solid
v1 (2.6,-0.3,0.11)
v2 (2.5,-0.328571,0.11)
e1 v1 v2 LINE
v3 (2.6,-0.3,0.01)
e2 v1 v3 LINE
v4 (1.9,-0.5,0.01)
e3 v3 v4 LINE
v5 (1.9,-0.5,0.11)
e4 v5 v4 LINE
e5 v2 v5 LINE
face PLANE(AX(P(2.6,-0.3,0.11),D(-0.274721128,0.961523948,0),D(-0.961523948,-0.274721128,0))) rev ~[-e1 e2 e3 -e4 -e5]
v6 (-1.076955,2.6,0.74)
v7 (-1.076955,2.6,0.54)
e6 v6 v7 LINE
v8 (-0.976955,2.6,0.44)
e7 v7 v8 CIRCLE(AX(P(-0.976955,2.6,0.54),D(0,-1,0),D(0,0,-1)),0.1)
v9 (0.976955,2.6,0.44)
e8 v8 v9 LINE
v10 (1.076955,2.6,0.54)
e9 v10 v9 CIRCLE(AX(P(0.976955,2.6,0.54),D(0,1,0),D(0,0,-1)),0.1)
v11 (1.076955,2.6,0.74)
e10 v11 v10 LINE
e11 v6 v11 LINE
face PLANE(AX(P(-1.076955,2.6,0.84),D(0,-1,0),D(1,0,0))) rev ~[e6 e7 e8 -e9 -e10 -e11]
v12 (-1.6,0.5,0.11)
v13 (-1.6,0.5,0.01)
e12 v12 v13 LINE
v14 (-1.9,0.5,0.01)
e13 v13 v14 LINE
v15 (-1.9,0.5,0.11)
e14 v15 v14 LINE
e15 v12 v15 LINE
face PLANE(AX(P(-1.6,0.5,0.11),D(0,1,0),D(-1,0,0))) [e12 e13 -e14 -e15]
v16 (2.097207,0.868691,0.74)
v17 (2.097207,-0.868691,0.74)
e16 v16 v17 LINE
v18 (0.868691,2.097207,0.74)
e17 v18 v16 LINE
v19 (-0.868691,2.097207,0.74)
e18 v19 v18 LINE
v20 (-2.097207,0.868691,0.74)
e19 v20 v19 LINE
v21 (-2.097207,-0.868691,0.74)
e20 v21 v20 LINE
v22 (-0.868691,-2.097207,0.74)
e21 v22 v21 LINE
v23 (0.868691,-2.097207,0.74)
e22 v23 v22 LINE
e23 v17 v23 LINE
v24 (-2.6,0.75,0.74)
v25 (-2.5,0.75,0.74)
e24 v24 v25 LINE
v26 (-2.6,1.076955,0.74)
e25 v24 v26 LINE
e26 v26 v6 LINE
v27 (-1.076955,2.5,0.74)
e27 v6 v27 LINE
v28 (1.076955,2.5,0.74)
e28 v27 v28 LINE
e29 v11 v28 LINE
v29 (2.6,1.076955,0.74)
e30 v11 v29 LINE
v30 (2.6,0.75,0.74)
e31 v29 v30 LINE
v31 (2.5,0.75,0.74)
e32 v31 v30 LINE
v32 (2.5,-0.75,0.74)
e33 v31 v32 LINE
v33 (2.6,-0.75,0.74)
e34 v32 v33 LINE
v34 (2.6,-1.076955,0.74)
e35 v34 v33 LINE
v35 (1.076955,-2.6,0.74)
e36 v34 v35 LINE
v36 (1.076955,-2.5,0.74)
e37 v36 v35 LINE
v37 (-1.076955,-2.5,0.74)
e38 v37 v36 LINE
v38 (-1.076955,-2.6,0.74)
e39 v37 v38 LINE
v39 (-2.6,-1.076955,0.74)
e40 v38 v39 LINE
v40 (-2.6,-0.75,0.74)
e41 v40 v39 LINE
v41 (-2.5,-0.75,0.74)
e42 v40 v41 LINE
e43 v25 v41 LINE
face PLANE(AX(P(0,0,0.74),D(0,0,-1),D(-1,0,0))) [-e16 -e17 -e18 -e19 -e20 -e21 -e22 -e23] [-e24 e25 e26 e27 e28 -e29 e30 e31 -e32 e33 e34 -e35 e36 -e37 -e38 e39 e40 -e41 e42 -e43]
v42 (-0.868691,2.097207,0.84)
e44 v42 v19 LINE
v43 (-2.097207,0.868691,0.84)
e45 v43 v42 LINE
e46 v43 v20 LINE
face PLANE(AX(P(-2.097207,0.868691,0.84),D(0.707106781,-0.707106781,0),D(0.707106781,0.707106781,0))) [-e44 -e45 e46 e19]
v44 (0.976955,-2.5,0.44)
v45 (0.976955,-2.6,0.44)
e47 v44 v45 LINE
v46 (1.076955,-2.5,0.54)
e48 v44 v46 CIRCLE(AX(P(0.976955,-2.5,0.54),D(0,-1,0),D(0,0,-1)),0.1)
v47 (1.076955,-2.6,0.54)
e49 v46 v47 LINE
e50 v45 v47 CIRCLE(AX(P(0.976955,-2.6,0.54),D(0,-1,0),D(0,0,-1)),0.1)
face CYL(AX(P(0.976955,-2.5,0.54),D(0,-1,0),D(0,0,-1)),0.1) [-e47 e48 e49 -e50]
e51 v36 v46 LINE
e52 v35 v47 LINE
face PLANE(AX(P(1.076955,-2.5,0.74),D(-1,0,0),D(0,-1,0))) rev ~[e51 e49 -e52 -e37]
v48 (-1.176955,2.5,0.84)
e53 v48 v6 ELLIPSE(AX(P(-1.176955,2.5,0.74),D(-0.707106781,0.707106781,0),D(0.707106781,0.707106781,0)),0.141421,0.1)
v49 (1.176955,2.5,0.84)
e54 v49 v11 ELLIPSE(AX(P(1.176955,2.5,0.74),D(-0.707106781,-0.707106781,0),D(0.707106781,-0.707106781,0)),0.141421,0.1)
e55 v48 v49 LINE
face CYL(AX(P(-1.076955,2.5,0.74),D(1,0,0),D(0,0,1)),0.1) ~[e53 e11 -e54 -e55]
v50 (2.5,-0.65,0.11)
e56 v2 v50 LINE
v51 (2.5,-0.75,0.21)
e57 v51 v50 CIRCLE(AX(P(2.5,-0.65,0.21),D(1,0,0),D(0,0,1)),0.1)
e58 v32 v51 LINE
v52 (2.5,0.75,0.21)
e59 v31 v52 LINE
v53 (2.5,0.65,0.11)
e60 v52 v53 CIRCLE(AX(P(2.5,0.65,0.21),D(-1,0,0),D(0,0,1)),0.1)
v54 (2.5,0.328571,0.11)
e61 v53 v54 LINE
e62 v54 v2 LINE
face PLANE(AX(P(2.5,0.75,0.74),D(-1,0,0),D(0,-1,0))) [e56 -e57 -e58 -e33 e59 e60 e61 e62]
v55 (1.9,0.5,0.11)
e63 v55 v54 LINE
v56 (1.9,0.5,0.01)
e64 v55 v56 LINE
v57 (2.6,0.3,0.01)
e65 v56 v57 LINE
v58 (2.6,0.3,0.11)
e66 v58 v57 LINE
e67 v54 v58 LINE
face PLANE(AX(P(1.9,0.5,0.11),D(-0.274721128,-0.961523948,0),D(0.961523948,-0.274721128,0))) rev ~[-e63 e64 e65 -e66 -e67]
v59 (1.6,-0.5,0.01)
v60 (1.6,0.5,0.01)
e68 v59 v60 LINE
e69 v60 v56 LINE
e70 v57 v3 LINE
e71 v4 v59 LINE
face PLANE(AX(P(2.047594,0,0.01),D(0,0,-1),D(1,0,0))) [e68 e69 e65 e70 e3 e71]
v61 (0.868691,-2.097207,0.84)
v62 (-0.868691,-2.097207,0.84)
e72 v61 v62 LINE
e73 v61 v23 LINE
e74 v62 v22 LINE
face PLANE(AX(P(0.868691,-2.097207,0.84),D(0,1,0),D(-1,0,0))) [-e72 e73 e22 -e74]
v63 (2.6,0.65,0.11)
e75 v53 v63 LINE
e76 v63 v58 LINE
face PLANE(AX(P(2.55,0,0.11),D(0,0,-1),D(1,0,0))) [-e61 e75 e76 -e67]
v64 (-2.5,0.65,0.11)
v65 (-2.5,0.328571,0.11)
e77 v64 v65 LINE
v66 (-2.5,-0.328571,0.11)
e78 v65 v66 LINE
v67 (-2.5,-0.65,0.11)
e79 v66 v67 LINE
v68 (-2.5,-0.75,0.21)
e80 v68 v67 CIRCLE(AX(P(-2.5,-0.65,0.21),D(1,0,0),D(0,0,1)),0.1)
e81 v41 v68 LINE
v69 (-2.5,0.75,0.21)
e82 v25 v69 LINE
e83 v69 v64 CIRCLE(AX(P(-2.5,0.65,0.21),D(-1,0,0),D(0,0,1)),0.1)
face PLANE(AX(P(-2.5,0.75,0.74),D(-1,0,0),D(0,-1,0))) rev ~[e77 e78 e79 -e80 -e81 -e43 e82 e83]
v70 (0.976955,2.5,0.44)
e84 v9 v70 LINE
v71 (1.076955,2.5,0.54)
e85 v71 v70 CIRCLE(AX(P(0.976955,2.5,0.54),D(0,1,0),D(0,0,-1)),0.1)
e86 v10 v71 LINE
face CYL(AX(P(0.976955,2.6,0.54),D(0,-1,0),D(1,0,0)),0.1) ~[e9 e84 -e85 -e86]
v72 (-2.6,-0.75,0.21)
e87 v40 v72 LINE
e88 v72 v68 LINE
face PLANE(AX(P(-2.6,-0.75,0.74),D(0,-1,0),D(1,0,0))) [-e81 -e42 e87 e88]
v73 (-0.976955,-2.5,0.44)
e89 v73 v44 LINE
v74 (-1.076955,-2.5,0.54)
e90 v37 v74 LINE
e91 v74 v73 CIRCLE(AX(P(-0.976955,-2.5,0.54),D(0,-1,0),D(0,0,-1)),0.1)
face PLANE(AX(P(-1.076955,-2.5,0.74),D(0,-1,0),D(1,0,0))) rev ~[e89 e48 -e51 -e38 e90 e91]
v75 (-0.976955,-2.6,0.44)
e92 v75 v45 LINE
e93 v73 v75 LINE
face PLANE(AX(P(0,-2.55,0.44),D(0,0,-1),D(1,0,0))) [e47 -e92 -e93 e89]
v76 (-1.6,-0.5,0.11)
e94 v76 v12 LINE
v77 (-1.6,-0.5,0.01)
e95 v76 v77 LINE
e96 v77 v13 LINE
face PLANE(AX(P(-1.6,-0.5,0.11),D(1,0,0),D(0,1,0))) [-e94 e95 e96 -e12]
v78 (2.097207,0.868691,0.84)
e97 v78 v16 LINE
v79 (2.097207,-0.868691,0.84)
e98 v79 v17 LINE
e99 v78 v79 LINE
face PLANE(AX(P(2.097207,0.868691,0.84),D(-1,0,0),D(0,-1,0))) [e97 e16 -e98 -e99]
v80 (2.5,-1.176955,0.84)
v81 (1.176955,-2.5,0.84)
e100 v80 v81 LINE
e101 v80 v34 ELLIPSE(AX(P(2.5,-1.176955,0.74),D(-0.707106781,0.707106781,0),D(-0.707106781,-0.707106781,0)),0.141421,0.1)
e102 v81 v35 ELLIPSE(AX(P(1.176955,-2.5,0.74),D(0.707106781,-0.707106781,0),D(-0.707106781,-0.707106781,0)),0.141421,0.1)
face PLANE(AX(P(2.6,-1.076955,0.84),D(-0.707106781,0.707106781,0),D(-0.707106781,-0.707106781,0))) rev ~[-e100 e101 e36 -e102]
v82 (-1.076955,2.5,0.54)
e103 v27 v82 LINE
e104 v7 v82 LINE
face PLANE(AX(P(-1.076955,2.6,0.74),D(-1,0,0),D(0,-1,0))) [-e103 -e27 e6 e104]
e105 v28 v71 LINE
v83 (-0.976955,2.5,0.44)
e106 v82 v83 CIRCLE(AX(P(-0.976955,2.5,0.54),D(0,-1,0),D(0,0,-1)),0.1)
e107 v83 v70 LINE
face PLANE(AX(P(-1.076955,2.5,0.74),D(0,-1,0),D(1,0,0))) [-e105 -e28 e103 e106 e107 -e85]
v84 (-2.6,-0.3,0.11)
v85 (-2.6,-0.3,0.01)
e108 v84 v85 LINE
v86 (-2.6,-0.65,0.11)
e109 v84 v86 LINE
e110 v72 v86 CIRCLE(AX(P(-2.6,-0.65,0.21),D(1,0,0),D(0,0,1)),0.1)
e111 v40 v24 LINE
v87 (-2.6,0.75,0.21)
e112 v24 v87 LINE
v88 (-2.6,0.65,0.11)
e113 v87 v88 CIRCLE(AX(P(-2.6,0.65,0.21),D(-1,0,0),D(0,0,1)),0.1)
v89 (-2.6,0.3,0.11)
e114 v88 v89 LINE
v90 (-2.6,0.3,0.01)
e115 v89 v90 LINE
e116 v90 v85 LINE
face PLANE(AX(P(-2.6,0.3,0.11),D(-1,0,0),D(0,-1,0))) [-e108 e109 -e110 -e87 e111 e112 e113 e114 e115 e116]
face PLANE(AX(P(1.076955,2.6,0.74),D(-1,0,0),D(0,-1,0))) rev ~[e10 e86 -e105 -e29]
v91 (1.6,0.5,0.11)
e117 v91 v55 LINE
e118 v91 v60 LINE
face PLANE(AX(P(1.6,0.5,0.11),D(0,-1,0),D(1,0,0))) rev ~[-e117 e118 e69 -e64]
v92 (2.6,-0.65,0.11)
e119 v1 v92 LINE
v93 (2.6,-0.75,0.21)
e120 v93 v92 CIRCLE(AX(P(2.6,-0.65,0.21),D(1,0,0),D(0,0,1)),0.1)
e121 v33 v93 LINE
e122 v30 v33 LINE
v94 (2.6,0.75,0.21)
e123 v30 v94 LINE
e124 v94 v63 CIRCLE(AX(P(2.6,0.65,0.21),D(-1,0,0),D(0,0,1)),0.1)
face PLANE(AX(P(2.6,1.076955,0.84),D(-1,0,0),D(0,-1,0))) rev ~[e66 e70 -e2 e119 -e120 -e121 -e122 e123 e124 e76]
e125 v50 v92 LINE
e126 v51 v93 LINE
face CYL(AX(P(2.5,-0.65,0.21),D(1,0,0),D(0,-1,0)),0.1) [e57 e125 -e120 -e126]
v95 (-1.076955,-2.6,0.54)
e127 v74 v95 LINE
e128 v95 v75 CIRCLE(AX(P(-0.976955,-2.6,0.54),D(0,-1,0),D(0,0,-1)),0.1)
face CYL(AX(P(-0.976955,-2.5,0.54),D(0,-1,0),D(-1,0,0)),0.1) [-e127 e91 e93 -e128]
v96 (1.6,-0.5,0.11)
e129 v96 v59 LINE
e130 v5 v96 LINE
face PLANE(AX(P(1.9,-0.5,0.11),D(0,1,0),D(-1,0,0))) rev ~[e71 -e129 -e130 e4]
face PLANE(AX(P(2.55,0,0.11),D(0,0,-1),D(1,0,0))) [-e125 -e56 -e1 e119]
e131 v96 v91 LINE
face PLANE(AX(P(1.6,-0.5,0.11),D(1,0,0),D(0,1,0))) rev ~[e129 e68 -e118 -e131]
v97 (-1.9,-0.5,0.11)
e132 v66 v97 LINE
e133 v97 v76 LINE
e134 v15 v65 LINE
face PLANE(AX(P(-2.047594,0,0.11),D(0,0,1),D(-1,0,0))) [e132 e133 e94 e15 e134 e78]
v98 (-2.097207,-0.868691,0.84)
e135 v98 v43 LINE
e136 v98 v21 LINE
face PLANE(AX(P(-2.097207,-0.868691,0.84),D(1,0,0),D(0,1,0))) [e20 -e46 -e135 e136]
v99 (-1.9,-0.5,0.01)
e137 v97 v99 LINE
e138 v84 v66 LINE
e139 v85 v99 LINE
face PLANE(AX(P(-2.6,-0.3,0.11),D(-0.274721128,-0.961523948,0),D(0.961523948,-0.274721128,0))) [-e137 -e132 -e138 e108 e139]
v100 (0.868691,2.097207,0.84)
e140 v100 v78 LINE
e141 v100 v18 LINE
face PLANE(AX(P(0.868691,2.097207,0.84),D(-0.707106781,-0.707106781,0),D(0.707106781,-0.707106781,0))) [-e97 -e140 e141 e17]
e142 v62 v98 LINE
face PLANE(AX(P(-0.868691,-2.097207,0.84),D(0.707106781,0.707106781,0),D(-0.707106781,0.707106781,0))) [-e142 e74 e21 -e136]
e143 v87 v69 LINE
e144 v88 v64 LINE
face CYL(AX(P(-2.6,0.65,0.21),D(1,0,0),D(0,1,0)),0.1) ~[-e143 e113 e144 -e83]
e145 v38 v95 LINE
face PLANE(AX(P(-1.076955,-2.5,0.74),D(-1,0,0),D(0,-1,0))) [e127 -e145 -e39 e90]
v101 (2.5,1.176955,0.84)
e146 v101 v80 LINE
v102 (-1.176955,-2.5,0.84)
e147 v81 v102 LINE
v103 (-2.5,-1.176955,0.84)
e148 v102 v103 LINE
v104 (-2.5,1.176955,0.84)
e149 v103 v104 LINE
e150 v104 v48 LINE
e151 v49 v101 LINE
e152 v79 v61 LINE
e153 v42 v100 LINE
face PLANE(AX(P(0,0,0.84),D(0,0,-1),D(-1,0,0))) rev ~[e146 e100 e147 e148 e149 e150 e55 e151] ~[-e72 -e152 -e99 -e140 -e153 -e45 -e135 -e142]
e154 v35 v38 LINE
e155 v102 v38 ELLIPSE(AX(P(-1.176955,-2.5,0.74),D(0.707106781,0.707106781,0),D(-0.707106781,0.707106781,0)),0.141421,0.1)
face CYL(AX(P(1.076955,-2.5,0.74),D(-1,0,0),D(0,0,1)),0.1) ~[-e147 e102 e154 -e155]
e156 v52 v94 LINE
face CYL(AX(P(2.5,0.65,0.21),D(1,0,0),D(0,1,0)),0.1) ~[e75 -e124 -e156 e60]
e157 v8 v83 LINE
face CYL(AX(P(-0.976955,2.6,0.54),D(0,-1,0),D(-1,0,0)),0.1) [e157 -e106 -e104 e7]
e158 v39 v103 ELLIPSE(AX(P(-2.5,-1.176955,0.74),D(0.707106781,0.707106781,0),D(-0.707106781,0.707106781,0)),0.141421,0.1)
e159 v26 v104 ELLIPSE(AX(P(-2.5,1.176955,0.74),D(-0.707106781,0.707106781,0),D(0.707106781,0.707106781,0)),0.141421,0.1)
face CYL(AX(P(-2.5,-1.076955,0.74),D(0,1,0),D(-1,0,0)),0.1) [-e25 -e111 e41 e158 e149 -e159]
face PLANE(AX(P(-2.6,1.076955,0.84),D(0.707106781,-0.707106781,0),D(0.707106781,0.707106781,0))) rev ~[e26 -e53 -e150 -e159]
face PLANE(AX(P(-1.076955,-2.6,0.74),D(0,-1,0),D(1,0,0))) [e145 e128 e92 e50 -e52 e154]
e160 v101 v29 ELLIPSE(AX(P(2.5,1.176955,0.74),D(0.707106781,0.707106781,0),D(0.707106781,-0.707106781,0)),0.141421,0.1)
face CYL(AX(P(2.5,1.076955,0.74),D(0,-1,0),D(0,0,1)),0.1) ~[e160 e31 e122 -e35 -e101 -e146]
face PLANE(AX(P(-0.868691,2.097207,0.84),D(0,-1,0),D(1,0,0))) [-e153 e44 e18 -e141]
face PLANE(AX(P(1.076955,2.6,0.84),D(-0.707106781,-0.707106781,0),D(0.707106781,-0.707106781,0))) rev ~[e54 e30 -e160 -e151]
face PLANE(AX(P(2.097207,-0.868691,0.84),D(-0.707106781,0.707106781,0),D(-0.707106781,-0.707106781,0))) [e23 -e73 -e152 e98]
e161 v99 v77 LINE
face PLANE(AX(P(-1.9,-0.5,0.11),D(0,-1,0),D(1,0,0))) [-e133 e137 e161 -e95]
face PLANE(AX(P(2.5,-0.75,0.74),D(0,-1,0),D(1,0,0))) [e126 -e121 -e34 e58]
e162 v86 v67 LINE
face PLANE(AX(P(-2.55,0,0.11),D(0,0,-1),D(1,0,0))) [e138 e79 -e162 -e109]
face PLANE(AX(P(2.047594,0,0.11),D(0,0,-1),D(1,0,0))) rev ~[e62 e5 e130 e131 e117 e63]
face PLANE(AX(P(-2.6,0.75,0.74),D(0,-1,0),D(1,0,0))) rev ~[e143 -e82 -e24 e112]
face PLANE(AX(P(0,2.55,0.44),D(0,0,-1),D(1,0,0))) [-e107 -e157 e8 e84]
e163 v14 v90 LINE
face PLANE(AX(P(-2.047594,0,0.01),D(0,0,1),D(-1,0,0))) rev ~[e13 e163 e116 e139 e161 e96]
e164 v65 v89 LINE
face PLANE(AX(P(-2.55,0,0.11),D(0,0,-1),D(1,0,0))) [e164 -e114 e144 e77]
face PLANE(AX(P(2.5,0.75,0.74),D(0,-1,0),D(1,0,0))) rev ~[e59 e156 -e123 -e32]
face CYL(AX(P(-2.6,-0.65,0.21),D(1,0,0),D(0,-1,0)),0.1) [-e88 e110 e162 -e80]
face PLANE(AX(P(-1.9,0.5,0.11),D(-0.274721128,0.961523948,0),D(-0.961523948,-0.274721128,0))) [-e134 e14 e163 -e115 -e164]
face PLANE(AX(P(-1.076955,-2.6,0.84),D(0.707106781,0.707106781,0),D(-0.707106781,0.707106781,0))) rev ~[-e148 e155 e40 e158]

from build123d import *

# Parameters (mm, degrees)
PAD001_DEPTH = 0.1
SKETCH006_W  = 2.15391
SKETCH006_H  = 0.1
PAD002_DEPTH = 0.3
SKETCH007_W  = 0.1
SKETCH007_H  = 1.5
PAD003_DEPTH = 0.63
FILLET_R     = 0.1
PAD004_DEPTH = 0.1
FILLET001_R  = 0.1


with BuildPart() as part:
    # Sketch001 (on DatumPlane) → Pad001 (new body)
    with BuildSketch(Plane.XY.offset(0.84)):
        Polygon((-1.076955, 2.6), (1.076955, 2.6), (2.6, 1.076955), (2.6, -1.076955), (1.076955, -2.6), (-1.076955, -2.6), (-2.6, -1.076955), (-2.6, 1.076955), align=None)
        Polygon((-0.868691, 2.097207), (0.868691, 2.097207), (2.097207, 0.868691), (2.097207, -0.868691), (0.868691, -2.097207), (-0.868691, -2.097207), (-2.097207, -0.868691), (-2.097207, 0.868691), align=None, mode=Mode.SUBTRACT)
    extrude(amount=-PAD001_DEPTH)

    # Sketch006 (on Face18 of Pad001) → Pad002 (join)
    with BuildSketch(Plane(origin=(0, 0, 0.74), x_dir=(1, 0, 0), z_dir=(0, 0, -1))):
        with Locations((0, 2.55)):
            Rectangle(SKETCH006_W, SKETCH006_H)
        with Locations((0, -2.55)):
            Rectangle(SKETCH006_W, SKETCH006_H)
    extrude(amount=PAD002_DEPTH)

    # Sketch007 (on Face16 of Pad002) → Pad003 (join)
    with BuildSketch(Plane(origin=(0, 0, 0.74), x_dir=(1, 0, 0), z_dir=(0, 0, -1))):
        with Locations((-2.55, 0)):
            Rectangle(SKETCH007_W, SKETCH007_H)
        with Locations((2.55, 0)):
            Rectangle(SKETCH007_W, SKETCH007_H)
    extrude(amount=PAD003_DEPTH)

    # Fillet
    fillet_edges = [part.edges().sort_by_distance(p)[0] for p in [
        (-1.076955, -2.55, 0.44),
        (1.076955, -2.55, 0.44),
        (1.076955, 2.55, 0.44),
        (-1.076955, 2.55, 0.44),
        (-2.55, 0.75, 0.11),
        (-2.55, -0.75, 0.11),
        (2.55, -0.75, 0.11),
        (2.55, 0.75, 0.11),
    ]]
    fillet(fillet_edges, radius=FILLET_R)

    # Sketch008 (on Face41 of Fillet) → Pad004 (join)
    with BuildSketch(Plane(origin=(0, 0, 0.11), x_dir=(1, 0, 0), z_dir=(0, 0, -1))):
        Polygon((-2.6, -0.3), (-2.6, 0.3), (-1.9, 0.5), (-1.6, 0.5), (-1.6, -0.5), (-1.9, -0.5), align=None)
        Polygon((2.6, -0.3), (2.6, 0.3), (1.9, 0.5), (1.6, 0.5), (1.6, -0.5), (1.9, -0.5), align=None)
    extrude(amount=PAD004_DEPTH)

    # Fillet001
    fillet001_edges = [part.edges().sort_by_distance(p)[0] for p in [
        (0, -2.6, 0.84),
        (-2.6, 0, 0.84),
        (0, 2.6, 0.84),
        (2.6, 0, 0.84),
    ]]
    fillet(fillet001_edges, radius=FILLET001_R)


solid = part.part
